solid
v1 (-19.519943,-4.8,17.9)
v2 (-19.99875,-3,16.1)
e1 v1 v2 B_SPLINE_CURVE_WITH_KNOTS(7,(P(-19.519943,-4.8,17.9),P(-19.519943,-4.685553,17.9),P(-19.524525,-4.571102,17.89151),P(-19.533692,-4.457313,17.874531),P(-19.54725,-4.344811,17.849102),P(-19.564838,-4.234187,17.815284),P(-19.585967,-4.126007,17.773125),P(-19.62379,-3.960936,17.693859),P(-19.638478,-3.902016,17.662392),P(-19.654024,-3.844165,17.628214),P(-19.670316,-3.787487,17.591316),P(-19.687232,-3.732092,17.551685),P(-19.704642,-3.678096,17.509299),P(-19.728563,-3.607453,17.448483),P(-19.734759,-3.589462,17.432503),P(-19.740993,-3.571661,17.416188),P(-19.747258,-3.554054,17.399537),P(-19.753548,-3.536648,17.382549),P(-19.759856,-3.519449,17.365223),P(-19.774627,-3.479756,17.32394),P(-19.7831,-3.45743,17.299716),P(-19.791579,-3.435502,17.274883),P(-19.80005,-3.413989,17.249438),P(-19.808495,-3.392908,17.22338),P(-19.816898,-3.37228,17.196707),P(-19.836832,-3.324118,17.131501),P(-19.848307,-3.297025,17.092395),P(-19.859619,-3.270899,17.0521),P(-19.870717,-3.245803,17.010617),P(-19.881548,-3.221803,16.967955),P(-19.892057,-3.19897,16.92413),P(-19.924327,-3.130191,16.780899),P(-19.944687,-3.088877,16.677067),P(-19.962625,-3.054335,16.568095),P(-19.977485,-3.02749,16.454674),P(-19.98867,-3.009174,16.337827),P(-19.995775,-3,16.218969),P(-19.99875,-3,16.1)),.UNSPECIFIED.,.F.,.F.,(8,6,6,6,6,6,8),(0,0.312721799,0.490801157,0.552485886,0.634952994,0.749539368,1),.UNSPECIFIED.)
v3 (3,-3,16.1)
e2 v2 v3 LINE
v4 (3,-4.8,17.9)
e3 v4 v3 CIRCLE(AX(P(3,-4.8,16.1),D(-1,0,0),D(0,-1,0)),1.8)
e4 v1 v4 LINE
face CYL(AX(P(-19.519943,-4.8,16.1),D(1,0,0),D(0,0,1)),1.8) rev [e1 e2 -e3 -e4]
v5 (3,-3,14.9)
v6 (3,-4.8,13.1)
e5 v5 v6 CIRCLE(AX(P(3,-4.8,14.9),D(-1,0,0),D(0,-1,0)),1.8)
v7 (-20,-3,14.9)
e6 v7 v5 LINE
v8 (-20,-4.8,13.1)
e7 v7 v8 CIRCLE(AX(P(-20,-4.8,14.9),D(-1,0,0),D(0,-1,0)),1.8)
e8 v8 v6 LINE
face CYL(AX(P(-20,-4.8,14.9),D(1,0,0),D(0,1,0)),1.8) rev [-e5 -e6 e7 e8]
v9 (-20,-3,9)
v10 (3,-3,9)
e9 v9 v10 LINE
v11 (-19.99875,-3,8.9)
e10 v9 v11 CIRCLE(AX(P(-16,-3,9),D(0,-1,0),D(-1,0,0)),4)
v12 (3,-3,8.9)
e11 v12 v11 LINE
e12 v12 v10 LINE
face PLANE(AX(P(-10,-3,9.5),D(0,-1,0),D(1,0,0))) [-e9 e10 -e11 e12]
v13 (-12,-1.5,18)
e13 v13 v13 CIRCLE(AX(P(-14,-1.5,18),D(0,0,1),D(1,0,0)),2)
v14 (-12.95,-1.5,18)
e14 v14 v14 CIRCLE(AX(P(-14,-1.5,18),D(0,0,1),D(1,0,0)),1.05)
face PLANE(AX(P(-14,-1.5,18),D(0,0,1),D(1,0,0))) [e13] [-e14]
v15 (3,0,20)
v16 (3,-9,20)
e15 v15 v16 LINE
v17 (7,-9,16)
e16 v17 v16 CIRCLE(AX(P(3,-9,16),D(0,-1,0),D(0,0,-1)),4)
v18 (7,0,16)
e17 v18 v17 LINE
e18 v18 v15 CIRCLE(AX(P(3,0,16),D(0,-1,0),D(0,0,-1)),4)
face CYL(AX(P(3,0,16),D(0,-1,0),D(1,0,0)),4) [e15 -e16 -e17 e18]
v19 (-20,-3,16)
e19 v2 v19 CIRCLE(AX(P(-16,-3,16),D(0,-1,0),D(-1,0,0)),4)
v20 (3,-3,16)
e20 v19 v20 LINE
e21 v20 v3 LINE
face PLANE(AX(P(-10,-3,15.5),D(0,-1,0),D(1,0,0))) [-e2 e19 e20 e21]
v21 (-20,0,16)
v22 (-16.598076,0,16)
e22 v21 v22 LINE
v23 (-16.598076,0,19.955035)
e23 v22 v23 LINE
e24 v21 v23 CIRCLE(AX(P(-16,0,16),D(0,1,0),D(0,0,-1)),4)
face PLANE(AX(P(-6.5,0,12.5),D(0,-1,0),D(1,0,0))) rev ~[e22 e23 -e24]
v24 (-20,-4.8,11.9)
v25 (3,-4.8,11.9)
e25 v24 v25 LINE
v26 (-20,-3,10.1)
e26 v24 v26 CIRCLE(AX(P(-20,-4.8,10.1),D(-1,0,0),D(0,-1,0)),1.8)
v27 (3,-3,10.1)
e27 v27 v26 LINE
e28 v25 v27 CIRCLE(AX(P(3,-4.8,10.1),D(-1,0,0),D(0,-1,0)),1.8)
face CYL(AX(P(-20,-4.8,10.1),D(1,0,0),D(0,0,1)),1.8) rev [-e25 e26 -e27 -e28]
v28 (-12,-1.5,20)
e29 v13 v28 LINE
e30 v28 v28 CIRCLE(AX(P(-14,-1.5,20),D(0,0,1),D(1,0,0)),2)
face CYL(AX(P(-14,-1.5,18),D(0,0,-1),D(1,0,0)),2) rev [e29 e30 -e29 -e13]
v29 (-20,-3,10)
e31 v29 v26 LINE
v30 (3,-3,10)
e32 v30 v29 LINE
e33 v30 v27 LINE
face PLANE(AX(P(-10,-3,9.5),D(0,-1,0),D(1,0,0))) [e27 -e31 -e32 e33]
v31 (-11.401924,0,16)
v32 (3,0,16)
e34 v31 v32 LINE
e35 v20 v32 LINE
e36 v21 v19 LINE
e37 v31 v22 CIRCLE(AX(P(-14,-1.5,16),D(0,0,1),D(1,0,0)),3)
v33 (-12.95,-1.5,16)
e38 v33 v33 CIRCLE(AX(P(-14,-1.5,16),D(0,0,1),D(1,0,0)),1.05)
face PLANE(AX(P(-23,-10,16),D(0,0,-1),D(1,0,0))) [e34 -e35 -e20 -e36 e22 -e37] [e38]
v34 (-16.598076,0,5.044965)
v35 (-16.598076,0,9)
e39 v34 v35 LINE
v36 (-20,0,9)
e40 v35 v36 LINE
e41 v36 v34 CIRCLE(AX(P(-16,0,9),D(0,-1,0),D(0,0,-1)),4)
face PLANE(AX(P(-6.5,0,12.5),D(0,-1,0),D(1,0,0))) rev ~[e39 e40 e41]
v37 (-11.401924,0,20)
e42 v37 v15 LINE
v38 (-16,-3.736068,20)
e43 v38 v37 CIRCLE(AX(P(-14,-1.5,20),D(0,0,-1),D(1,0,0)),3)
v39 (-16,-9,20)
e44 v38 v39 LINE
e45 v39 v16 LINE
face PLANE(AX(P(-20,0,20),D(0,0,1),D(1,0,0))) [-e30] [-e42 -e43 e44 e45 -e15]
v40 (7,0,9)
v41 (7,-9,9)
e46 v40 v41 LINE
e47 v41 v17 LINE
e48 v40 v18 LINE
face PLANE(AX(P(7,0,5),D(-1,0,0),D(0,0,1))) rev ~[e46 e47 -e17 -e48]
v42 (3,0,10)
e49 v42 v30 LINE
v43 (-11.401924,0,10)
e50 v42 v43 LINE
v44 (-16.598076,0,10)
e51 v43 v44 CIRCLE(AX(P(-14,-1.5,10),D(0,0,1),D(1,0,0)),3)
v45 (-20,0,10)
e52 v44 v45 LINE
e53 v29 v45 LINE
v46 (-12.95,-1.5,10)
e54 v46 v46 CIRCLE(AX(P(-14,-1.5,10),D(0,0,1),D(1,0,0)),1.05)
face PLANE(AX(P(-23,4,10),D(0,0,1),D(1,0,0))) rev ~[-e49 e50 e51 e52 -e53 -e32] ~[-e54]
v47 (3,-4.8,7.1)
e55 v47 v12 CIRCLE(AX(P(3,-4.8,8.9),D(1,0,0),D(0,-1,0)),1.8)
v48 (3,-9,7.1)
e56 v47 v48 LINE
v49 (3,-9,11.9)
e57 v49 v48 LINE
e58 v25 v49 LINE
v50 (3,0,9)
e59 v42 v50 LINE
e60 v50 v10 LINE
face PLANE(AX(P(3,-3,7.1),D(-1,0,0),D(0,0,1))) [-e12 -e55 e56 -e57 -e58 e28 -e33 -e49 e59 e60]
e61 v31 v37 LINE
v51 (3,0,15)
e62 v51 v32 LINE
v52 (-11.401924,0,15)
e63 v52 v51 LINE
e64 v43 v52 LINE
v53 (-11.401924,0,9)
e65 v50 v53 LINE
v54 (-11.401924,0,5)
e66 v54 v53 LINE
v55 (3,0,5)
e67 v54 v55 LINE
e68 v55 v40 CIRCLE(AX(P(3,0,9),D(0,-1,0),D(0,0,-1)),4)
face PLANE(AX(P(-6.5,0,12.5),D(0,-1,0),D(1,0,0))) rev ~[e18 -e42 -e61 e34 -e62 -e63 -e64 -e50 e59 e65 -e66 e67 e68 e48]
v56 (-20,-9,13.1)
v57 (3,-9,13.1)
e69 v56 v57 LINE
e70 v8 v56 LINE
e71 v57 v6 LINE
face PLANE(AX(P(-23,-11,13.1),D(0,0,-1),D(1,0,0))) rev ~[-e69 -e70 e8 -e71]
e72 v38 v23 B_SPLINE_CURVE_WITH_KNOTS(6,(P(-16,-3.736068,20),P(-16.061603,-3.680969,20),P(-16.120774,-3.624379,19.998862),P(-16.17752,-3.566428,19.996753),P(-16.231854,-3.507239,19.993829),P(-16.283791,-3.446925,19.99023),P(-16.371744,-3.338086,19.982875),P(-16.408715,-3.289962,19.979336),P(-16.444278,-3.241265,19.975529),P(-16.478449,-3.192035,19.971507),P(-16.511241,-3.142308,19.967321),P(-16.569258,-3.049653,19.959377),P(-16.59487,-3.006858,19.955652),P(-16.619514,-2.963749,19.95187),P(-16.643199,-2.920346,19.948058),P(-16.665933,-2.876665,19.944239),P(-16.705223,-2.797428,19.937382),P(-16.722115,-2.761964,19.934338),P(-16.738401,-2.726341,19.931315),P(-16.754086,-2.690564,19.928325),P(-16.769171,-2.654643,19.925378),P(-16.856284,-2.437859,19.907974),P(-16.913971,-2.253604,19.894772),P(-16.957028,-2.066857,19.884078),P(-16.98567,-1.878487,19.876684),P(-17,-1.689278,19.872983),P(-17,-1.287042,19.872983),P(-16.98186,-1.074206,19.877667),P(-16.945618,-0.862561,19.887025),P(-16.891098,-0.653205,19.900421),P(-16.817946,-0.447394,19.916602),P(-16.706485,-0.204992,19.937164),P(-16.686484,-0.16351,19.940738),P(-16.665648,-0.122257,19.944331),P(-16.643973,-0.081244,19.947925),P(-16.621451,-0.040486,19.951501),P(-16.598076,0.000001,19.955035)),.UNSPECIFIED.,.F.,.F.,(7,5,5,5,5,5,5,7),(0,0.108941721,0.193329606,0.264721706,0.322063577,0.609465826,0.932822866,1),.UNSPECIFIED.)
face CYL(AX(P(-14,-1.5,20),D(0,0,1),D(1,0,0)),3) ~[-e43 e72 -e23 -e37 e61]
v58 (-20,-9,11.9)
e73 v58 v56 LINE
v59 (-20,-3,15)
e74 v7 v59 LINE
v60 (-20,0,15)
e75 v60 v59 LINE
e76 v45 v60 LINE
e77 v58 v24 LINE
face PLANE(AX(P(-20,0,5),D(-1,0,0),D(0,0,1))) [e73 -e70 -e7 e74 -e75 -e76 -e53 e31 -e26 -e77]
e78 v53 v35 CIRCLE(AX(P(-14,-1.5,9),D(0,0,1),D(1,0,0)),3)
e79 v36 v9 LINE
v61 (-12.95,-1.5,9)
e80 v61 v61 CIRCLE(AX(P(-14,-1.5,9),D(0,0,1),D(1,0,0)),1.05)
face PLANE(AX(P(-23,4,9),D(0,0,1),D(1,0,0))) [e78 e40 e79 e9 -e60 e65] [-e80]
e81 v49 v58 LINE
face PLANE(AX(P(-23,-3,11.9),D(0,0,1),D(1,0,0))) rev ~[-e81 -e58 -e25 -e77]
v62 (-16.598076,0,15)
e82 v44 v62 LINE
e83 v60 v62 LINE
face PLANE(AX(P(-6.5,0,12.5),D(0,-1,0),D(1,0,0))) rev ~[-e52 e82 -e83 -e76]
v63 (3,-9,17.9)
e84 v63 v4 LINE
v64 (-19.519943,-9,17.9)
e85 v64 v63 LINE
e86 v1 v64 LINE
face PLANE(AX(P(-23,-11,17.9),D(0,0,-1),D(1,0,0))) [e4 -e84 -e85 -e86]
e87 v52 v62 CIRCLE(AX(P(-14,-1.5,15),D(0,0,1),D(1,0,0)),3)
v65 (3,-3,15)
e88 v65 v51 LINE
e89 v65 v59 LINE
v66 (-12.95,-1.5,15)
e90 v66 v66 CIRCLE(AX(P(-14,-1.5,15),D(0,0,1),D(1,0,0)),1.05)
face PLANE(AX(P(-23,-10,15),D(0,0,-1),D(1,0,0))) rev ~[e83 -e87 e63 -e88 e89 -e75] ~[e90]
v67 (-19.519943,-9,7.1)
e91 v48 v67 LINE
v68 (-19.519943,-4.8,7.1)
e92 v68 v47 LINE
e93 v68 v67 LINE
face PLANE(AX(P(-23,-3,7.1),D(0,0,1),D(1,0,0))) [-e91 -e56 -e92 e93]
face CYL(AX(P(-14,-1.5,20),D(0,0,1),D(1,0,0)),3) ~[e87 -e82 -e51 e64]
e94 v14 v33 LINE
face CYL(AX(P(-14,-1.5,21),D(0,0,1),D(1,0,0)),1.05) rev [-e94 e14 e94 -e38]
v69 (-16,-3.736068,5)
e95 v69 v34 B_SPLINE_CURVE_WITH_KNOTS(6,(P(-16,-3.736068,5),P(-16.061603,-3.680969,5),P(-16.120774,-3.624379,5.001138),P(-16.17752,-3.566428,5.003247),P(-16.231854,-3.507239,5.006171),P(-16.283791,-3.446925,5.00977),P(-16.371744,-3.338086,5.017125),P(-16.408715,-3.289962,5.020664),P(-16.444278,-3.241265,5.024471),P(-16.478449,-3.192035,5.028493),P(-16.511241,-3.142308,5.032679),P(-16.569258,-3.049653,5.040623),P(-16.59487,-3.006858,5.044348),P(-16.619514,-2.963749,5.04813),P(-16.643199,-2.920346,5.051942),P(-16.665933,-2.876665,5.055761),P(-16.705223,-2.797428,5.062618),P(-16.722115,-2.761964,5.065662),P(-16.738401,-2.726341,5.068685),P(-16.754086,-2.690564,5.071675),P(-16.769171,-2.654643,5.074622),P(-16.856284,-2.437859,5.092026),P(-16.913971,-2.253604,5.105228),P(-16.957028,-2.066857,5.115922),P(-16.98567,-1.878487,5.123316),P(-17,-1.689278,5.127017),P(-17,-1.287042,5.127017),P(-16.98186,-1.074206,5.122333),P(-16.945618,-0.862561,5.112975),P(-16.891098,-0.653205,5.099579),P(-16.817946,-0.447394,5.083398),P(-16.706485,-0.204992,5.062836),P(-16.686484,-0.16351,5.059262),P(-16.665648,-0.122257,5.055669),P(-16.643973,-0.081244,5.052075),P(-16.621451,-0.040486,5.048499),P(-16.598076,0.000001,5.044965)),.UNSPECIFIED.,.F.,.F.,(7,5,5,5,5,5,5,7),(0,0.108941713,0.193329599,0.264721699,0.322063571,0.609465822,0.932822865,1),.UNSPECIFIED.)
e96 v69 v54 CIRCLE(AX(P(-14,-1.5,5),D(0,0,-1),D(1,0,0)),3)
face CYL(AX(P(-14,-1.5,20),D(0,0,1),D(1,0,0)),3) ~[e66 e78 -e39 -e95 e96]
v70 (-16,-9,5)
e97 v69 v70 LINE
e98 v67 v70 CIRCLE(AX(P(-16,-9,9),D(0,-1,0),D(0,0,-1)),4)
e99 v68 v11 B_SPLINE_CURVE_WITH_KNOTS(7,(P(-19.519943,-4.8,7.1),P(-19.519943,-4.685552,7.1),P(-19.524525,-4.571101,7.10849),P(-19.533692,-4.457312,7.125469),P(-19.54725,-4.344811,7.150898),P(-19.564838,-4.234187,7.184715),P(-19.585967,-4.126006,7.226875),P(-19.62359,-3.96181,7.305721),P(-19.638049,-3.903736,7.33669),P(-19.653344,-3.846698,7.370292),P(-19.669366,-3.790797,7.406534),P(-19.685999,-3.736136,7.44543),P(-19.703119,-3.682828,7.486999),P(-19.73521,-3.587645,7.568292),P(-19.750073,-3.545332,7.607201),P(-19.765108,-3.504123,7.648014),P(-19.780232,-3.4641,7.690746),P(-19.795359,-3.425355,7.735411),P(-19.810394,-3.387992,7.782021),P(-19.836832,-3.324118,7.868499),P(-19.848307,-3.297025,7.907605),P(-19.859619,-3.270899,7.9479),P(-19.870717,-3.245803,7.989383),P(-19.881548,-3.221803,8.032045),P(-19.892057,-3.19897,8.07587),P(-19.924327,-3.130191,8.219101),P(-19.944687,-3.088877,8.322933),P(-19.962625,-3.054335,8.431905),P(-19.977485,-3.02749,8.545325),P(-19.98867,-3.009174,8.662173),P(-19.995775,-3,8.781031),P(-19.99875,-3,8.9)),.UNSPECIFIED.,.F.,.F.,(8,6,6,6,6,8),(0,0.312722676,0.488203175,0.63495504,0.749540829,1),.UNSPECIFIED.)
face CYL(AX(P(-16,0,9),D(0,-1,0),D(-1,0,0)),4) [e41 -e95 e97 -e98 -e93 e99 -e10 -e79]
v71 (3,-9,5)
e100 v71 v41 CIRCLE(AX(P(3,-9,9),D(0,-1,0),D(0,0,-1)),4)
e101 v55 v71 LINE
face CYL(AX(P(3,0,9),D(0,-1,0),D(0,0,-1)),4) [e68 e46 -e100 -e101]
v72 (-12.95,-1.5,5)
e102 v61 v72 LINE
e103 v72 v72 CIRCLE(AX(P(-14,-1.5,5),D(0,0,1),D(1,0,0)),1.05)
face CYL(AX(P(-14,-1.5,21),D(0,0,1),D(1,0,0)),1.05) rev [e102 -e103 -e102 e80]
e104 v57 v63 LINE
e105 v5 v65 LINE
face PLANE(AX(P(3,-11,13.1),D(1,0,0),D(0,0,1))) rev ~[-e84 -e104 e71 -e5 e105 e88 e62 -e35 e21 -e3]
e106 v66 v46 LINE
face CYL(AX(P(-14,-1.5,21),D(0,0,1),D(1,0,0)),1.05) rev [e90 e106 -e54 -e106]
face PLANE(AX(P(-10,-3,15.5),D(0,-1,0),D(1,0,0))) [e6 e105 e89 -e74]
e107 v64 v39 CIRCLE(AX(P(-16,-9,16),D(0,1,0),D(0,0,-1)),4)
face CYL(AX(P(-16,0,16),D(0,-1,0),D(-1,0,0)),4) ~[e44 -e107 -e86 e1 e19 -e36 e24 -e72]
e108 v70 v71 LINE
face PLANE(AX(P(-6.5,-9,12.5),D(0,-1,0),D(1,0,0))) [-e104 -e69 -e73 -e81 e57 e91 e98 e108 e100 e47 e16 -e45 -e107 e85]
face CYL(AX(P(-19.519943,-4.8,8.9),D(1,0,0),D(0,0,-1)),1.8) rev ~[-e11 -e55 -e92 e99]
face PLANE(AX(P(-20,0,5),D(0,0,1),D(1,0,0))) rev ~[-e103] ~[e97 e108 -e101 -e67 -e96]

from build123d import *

# Parameters (mm, degrees)
CYLINDER002_R          = 2
CYLINDER002_DEPTH      = 2
CYLINDER_R             = 1.05
CYLINDER_DEPTH         = 20
CYLINDER_ROLL_ANGLE    = 90
RECTANGLE004_W         = 26
RECTANGLE004_H         = 4.8
EXTRUDE005_DEPTH       = 8
RECTANGLE002_W         = 26
RECTANGLE002_H         = 1
EXTRUDE004_DEPTH       = 20
RECTANGLE005_W         = 26
RECTANGLE005_H         = 4.8
EXTRUDE008_DEPTH       = 8
RECTANGLE001_W         = 26
RECTANGLE001_H         = 1
EXTRUDE002_DEPTH       = 20
RECTANGLE_W            = 27
RECTANGLE_H            = 15
EXTRUDE_DEPTH          = 9
FILLET_R               = 4
FILLET001_R            = 1.8
RECTANGLE008_W         = 26
RECTANGLE008_H         = 4.8
EXTRUDE011_DEPTH       = 8
RECTANGLE007_W         = 26
RECTANGLE007_H         = 1
EXTRUDE010_DEPTH       = 20
RECTANGLE009_W         = 26
RECTANGLE009_H         = 4.8
EXTRUDE012_DEPTH       = 8
RECTANGLE006_W         = 26
RECTANGLE006_H         = 1
EXTRUDE009_DEPTH       = 20
CYLINDER001_R          = 3
CYLINDER001_DEPTH      = 15
CYLINDER001_ROLL_ANGLE = 90
CUT002_ROLL_ANGLE      = 90


with BuildPart() as cylinder002:
    # Cylinder002 → Cylinder002 (new body)
    with BuildSketch(Plane(origin=(-14, -1.5, 18), x_dir=(1, 0, 0), z_dir=(0, 0, 1))):
        Circle(CYLINDER002_R)
    extrude(amount=CYLINDER002_DEPTH)


with BuildPart() as cylinder:
    # Cylinder → Cylinder (new body)
    with BuildSketch(Plane.XY):
        Circle(CYLINDER_R)
    extrude(amount=CYLINDER_DEPTH)


with BuildPart() as cylinder_1:
    # Cylinder roll: moved
    add(cylinder.part.rotate(Axis((0, 0, 0), (1, 0, 0)), CYLINDER_ROLL_ANGLE))


with BuildPart() as cylinder_2:
    # Cylinder placement: moved
    add(cylinder_1.part.moved(Location((-14, 21, 1.5))))


with BuildPart() as extrude005:
    # Rectangle004 → Extrude005 (new body)
    with BuildSketch(Plane(origin=(-23, 13.1, 0), x_dir=(1, 0, 0), z_dir=(0, 0, 1))):
        with Locations((13, 2.4)):
            Rectangle(RECTANGLE004_W, RECTANGLE004_H)
    extrude(amount=-EXTRUDE005_DEPTH)


with BuildPart() as extrude005_1:
    # Extrude005 placement: moved
    add(extrude005.part.moved(Location((0, 0, 11))))


with BuildPart() as extrude004:
    # Rectangle002 → Extrude004 (new body)
    with BuildSketch(Plane(origin=(-23, 10, 0), x_dir=(1, 0, 0), z_dir=(0, 0, 1))):
        with Locations((13, -0.5)):
            Rectangle(RECTANGLE002_W, RECTANGLE002_H)
    extrude(amount=EXTRUDE004_DEPTH)


with BuildPart() as extrude004_1:
    # Extrude004 placement: moved
    add(extrude004.part.moved(Location((0, 0, -4))))


with BuildPart() as extrude008:
    # Rectangle005 → Extrude008 (new body)
    with BuildSketch(Plane(origin=(-23, 11.9, 0), x_dir=(1, 0, 0), z_dir=(0, 0, 1))):
        with Locations((13, -2.4)):
            Rectangle(RECTANGLE005_W, RECTANGLE005_H)
    extrude(amount=EXTRUDE008_DEPTH)


with BuildPart() as extrude008_1:
    # Extrude008 placement: moved
    add(extrude008.part.moved(Location((0, 0, 3))))


with BuildPart() as fusion:
    # Rectangle001 → Extrude002 (new body)
    with BuildSketch(Plane(origin=(-23, 16, 0), x_dir=(1, 0, 0), z_dir=(0, 0, 1))):
        with Locations((13, 0.5)):
            Rectangle(RECTANGLE001_W, RECTANGLE001_H)
    extrude(amount=-EXTRUDE002_DEPTH)


with BuildPart() as fusion_1:
    # Extrude002 placement: moved
    add(fusion.part.moved(Location((0, -1, 10))))

    # Fusion: union Extrude005, Extrude004, Extrude008
    add(extrude005_1.part)
    add(extrude004_1.part)
    add(extrude008_1.part)


with BuildPart() as fillet001:
    # Rectangle → Extrude (new body)
    with BuildSketch(Plane(origin=(-20, 20, 0), x_dir=(1, 0, 0), z_dir=(0, 0, 1))):
        with Locations((13.5, -7.5)):
            Rectangle(RECTANGLE_W, RECTANGLE_H)
    extrude(amount=EXTRUDE_DEPTH)

    # Fillet
    fillet_edges = [fillet001.edges().sort_by_distance(p)[0] for p in [
        (-20, 20, 4.5),
        (7, 20, 4.5),
        (7, 5, 4.5),
        (-20, 5, 4.5),
    ]]
    fillet(fillet_edges, radius=FILLET_R)

    # Cut: cut Fusion
    add(fusion_1.part, mode=Mode.SUBTRACT)

    # Fillet001
    fillet001_edges = [fillet001.edges().sort_by_distance(p)[0] for p in [
        (-8.259972, 17.9, 3),
        (-8.259972, 7.1, 3),
        (-8.5, 11.9, 3),
        (-8.5, 13.1, 3),
    ]]
    fillet(fillet001_edges, radius=FILLET001_R)


with BuildPart() as extrude011:
    # Rectangle008 → Extrude011 (new body)
    with BuildSketch(Plane(origin=(-23, 13.1, 0), x_dir=(1, 0, 0), z_dir=(0, 0, 1))):
        with Locations((13, 2.4)):
            Rectangle(RECTANGLE008_W, RECTANGLE008_H)
    extrude(amount=-EXTRUDE011_DEPTH)


with BuildPart() as extrude011_1:
    # Extrude011 placement: moved
    add(extrude011.part.moved(Location((0, 0, 11))))


with BuildPart() as extrude010:
    # Rectangle007 → Extrude010 (new body)
    with BuildSketch(Plane(origin=(-23, 10, 0), x_dir=(1, 0, 0), z_dir=(0, 0, 1))):
        with Locations((13, -0.5)):
            Rectangle(RECTANGLE007_W, RECTANGLE007_H)
    extrude(amount=EXTRUDE010_DEPTH)


with BuildPart() as extrude010_1:
    # Extrude010 placement: moved
    add(extrude010.part.moved(Location((0, 0, -4))))


with BuildPart() as extrude012:
    # Rectangle009 → Extrude012 (new body)
    with BuildSketch(Plane(origin=(-23, 11.9, 0), x_dir=(1, 0, 0), z_dir=(0, 0, 1))):
        with Locations((13, -2.4)):
            Rectangle(RECTANGLE009_W, RECTANGLE009_H)
    extrude(amount=EXTRUDE012_DEPTH)


with BuildPart() as extrude012_1:
    # Extrude012 placement: moved
    add(extrude012.part.moved(Location((0, 0, 3))))


with BuildPart() as fusion001:
    # Rectangle006 → Extrude009 (new body)
    with BuildSketch(Plane(origin=(-23, 16, 0), x_dir=(1, 0, 0), z_dir=(0, 0, 1))):
        with Locations((13, 0.5)):
            Rectangle(RECTANGLE006_W, RECTANGLE006_H)
    extrude(amount=-EXTRUDE009_DEPTH)


with BuildPart() as fusion001_1:
    # Extrude009 placement: moved
    add(fusion001.part.moved(Location((0, -1, 10))))

    # Fusion001: union Extrude011, Extrude010, Extrude012
    add(extrude011_1.part)
    add(extrude010_1.part)
    add(extrude012_1.part)


with BuildPart() as cut003:
    # Cylinder001 → Cylinder001 (new body)
    with BuildSketch(Plane.XY):
        Circle(CYLINDER001_R)
    extrude(amount=CYLINDER001_DEPTH)


with BuildPart() as cut003_1:
    # Cylinder001 roll: moved
    add(cut003.part.rotate(Axis((0, 0, 0), (1, 0, 0)), CYLINDER001_ROLL_ANGLE))


with BuildPart() as cut003_2:
    # Cylinder001 placement: moved
    add(cut003_1.part.moved(Location((-14, 20, 1.5))))

    # Cut001: cut Fusion001
    add(fusion001_1.part, mode=Mode.SUBTRACT)

    # Fusion002: union Fillet001
    add(fillet001.part)

    # Cut002: cut Cylinder
    add(cylinder_2.part, mode=Mode.SUBTRACT)


with BuildPart() as cut003_3:
    # Cut002 roll: moved
    add(cut003_2.part.rotate(Axis((0, 0, 0), (1, 0, 0)), CUT002_ROLL_ANGLE))


with BuildPart() as cut003_4:
    # Cut002 placement: moved
    add(cut003_3.part)

    # Cut003: cut Cylinder002
    add(cylinder002.part, mode=Mode.SUBTRACT)


solid = cut003_4.part
